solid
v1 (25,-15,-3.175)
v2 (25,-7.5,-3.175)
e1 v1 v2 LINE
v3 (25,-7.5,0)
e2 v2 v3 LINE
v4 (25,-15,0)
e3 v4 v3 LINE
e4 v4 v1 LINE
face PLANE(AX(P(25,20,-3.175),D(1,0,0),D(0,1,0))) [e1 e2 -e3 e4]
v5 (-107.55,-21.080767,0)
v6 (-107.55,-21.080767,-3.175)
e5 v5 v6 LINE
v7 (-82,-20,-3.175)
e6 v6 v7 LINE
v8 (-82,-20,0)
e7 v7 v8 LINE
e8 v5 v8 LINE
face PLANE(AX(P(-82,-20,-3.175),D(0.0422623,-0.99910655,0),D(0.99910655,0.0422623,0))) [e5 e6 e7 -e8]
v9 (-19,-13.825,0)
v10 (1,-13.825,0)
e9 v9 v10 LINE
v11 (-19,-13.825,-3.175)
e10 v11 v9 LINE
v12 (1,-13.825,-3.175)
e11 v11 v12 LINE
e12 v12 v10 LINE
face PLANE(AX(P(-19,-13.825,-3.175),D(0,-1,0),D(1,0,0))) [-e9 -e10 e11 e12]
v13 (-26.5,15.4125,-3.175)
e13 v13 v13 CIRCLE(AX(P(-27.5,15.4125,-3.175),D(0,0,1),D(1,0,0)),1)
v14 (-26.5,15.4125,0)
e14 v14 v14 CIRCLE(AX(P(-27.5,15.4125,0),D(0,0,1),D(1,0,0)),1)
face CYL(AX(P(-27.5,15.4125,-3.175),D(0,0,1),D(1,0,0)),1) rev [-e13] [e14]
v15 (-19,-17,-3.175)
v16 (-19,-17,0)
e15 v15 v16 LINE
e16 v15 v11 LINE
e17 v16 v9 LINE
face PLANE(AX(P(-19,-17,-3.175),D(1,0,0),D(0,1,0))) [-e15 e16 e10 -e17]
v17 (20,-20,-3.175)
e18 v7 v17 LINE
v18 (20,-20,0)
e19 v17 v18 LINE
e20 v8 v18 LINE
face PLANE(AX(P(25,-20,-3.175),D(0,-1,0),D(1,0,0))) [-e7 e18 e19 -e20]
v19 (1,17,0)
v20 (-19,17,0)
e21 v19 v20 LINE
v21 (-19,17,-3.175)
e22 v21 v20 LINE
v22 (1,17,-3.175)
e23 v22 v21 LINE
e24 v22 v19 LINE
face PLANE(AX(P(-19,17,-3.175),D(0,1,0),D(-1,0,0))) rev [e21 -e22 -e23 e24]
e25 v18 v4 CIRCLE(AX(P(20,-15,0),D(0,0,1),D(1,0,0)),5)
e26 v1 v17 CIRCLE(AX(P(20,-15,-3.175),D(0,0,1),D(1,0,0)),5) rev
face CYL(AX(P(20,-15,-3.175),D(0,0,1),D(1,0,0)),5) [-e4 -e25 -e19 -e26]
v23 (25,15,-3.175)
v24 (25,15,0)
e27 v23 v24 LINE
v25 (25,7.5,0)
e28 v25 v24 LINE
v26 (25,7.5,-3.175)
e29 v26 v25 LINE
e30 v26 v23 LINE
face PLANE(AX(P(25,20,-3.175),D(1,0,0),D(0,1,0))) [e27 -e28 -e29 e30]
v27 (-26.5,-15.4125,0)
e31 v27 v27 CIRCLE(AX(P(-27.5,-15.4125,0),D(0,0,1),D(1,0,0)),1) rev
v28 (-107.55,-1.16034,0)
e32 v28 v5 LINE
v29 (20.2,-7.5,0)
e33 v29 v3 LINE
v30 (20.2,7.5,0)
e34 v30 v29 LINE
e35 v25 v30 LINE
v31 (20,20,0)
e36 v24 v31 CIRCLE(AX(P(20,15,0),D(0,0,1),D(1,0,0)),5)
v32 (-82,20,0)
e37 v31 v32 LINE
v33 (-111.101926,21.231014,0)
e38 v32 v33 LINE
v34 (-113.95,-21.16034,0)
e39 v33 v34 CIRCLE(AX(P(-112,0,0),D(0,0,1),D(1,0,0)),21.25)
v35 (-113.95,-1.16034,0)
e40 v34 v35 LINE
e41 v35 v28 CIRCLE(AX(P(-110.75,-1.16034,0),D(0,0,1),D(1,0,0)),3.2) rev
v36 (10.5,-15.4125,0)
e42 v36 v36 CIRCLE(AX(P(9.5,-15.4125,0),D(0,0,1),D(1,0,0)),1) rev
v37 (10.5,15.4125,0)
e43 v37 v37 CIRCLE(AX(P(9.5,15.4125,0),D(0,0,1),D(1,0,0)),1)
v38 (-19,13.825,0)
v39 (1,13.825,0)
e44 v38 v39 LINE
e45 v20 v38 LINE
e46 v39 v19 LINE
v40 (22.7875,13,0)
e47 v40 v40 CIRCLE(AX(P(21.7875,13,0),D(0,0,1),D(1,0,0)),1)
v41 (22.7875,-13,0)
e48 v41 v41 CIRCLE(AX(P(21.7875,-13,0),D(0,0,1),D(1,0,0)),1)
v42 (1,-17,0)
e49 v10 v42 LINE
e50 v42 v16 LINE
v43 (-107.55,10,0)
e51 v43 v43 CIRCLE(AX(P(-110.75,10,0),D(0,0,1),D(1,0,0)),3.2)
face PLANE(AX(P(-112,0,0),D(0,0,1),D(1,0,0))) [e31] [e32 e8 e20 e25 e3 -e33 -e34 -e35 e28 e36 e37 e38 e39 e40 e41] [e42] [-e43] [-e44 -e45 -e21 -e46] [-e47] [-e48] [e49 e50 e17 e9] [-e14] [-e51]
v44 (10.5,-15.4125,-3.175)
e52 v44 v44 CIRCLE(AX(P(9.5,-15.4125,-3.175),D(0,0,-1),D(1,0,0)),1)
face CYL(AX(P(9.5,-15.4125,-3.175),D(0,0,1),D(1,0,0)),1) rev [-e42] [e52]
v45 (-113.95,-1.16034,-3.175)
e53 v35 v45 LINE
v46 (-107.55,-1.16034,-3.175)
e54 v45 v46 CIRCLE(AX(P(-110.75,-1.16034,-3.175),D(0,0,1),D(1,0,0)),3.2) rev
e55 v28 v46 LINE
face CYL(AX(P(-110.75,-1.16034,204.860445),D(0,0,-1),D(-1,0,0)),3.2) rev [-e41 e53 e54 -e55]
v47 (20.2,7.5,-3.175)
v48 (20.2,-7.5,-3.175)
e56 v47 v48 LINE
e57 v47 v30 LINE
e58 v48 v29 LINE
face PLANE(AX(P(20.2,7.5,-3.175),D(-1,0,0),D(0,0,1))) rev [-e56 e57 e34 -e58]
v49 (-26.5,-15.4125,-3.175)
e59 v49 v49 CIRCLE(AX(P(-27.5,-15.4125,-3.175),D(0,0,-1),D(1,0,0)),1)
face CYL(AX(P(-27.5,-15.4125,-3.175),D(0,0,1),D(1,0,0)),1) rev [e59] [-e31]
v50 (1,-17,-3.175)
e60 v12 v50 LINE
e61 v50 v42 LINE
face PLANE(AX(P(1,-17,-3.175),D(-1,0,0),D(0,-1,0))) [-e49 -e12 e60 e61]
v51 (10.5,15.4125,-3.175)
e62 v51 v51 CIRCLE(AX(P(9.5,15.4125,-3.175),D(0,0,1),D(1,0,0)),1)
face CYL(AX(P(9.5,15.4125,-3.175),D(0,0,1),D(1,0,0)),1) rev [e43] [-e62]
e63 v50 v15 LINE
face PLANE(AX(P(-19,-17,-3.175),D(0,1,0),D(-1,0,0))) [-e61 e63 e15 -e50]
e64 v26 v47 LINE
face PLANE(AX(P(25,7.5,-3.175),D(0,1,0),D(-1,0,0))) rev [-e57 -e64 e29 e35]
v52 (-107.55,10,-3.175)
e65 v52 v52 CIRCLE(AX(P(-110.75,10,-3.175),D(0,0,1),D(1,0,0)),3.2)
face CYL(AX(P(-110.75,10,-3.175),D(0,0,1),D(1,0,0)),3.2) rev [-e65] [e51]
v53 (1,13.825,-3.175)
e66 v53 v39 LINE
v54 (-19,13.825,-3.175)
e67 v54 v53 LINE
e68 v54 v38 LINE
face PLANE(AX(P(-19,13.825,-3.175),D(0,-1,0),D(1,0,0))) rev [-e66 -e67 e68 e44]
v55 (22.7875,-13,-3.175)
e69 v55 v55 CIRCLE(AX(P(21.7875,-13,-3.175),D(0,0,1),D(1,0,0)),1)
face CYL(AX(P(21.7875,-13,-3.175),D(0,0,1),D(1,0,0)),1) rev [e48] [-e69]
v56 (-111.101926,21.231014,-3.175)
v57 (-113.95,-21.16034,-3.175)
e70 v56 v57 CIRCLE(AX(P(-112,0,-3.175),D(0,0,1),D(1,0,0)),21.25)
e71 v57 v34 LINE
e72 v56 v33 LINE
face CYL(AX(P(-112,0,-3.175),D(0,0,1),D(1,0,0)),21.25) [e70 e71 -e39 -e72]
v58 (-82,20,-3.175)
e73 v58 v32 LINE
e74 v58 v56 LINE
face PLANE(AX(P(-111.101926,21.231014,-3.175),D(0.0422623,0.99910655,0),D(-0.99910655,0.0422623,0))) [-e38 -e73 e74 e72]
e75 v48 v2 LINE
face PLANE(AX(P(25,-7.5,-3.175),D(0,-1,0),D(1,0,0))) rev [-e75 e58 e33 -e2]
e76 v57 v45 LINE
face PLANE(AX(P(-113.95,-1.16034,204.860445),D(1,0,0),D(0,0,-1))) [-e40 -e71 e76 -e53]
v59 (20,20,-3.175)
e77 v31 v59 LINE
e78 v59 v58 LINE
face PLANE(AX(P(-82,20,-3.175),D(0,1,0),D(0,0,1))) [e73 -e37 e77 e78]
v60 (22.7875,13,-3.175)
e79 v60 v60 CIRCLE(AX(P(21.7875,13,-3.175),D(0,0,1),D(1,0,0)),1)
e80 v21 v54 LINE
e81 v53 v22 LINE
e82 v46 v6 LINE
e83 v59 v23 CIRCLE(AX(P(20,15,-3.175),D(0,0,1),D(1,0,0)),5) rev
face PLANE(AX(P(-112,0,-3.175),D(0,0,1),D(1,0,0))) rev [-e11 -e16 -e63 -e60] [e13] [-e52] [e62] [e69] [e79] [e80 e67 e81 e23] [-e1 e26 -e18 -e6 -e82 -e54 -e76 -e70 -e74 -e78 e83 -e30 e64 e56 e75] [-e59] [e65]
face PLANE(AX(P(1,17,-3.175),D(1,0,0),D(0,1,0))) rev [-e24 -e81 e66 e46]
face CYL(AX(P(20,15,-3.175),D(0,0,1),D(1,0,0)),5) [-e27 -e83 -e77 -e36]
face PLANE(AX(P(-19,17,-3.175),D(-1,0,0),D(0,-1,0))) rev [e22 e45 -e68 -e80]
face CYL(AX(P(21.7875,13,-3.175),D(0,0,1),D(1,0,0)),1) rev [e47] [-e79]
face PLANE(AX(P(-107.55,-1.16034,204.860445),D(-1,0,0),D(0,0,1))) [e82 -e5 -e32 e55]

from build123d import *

# Parameters (mm, degrees)
BOSS_EXTRUDE1_DEPTH     = 3.175
CUT_EXTRUDE1_DEPTH      = 135.971128857
CUT_EXTRUDE1_DEPTH_BACK = 135.971128857
SKETCH3_R               = 3.2
SKETCH6_R               = 1
SKETCH6_W               = 20
SKETCH6_H               = 3.175
CUT_EXTRUDE4_DEPTH      = 135.971128857
CUT_EXTRUDE5_DEPTH      = 135.971128857
CUT_EXTRUDE5_DEPTH_BACK = 135.971128857
SKETCH7_R               = 1
SKETCH7_W               = 4.8
SKETCH7_H               = 15
FILLET2_R               = 5
FILLET3_R               = 5
CUT_EXTRUDE6_DEPTH      = 135.971128857
CUT_EXTRUDE6_DEPTH_BACK = 135.971128857


with BuildPart() as part:
    # Sketch1 → Boss-Extrude1 (new body)
    with BuildSketch(Plane.XY):
        with BuildLine():
            Line((-111.101926123, 21.231014185), (-82, 20))
            Line((-82, 20), (25, 20))
            Line((25, 20), (25, -20))
            Line((25, -20), (-82, -20))
            Line((-82, -20), (-111.101926123, -21.231014185))
            ThreePointArc((-111.101926123, -21.231014185), (-133.25, 0), (-111.101926123, 21.231014185))
        make_face()
    extrude(amount=-BOSS_EXTRUDE1_DEPTH)

    # Sketch3 → Cut-Extrude1 (cut, two sides: drawn at the far end of the back side and taken through both)
    with BuildSketch(Plane.XY.offset(-CUT_EXTRUDE1_DEPTH_BACK)):
        with Locations((-110.75, 10)):
            Circle(SKETCH3_R)
    extrude(amount=CUT_EXTRUDE1_DEPTH + CUT_EXTRUDE1_DEPTH_BACK, mode=Mode.SUBTRACT)

    # Sketch6 → Cut-Extrude4 (cut, symmetric)
    with BuildSketch(Plane.XY):
        with Locations((9.5, 15.4125)):
            Circle(SKETCH6_R)
        with Locations((-27.5, 15.4125)):
            Circle(SKETCH6_R)
        with Locations((-9, 15.4125)):
            Rectangle(SKETCH6_W, SKETCH6_H)
    cut_extrude4 = extrude(amount=CUT_EXTRUDE4_DEPTH, both=True, mode=Mode.SUBTRACT)

    # Mirror1: Cut-Extrude4 across plane
    add(cut_extrude4.mirror(Plane.ZX), mode=Mode.SUBTRACT)

    # Sketch7 → Cut-Extrude5 (cut, two sides: drawn at the far end of the back side and taken through both)
    with BuildSketch(Plane.XY.offset(-CUT_EXTRUDE5_DEPTH_BACK)):
        with Locations((21.7875, 13)):
            Circle(SKETCH7_R)
        with Locations((21.7875, -13)):
            Circle(SKETCH7_R)
        with Locations((22.6, 0)):
            Rectangle(SKETCH7_W, SKETCH7_H)
    extrude(amount=CUT_EXTRUDE5_DEPTH + CUT_EXTRUDE5_DEPTH_BACK, mode=Mode.SUBTRACT)

    # Fillet2
    fillet2_edges = [part.edges().sort_by_distance(p)[0] for p in [
        (25, 20, -1.5875),
    ]]
    fillet(fillet2_edges, radius=FILLET2_R)

    # Fillet3
    fillet3_edges = [part.edges().sort_by_distance(p)[0] for p in [
        (25, -20, -1.5875),
    ]]
    fillet(fillet3_edges, radius=FILLET3_R)

    # Sketch8 → Cut-Extrude6 (cut, two sides: drawn at the far end of the back side and taken through both)
    with BuildSketch(Plane.XY.offset(-CUT_EXTRUDE6_DEPTH_BACK)):
        with BuildLine():
            Line((-107.55, -21.080767379), (-107.55, -1.160340262))
            ThreePointArc((-107.55, -1.160340262), (-110.75, 2.039659738), (-113.95, -1.160340262))
            Line((-113.95, -1.160340262), (-113.95, -21.160340262))
            ThreePointArc((-113.95, -21.160340262), (-112.527148786, -21.243460503), (-111.101926123, -21.231014185))
            Line((-111.101926123, -21.231014185), (-107.55, -21.080767379))
        make_face()
    extrude(amount=CUT_EXTRUDE6_DEPTH + CUT_EXTRUDE6_DEPTH_BACK, mode=Mode.SUBTRACT)


solid = part.part
